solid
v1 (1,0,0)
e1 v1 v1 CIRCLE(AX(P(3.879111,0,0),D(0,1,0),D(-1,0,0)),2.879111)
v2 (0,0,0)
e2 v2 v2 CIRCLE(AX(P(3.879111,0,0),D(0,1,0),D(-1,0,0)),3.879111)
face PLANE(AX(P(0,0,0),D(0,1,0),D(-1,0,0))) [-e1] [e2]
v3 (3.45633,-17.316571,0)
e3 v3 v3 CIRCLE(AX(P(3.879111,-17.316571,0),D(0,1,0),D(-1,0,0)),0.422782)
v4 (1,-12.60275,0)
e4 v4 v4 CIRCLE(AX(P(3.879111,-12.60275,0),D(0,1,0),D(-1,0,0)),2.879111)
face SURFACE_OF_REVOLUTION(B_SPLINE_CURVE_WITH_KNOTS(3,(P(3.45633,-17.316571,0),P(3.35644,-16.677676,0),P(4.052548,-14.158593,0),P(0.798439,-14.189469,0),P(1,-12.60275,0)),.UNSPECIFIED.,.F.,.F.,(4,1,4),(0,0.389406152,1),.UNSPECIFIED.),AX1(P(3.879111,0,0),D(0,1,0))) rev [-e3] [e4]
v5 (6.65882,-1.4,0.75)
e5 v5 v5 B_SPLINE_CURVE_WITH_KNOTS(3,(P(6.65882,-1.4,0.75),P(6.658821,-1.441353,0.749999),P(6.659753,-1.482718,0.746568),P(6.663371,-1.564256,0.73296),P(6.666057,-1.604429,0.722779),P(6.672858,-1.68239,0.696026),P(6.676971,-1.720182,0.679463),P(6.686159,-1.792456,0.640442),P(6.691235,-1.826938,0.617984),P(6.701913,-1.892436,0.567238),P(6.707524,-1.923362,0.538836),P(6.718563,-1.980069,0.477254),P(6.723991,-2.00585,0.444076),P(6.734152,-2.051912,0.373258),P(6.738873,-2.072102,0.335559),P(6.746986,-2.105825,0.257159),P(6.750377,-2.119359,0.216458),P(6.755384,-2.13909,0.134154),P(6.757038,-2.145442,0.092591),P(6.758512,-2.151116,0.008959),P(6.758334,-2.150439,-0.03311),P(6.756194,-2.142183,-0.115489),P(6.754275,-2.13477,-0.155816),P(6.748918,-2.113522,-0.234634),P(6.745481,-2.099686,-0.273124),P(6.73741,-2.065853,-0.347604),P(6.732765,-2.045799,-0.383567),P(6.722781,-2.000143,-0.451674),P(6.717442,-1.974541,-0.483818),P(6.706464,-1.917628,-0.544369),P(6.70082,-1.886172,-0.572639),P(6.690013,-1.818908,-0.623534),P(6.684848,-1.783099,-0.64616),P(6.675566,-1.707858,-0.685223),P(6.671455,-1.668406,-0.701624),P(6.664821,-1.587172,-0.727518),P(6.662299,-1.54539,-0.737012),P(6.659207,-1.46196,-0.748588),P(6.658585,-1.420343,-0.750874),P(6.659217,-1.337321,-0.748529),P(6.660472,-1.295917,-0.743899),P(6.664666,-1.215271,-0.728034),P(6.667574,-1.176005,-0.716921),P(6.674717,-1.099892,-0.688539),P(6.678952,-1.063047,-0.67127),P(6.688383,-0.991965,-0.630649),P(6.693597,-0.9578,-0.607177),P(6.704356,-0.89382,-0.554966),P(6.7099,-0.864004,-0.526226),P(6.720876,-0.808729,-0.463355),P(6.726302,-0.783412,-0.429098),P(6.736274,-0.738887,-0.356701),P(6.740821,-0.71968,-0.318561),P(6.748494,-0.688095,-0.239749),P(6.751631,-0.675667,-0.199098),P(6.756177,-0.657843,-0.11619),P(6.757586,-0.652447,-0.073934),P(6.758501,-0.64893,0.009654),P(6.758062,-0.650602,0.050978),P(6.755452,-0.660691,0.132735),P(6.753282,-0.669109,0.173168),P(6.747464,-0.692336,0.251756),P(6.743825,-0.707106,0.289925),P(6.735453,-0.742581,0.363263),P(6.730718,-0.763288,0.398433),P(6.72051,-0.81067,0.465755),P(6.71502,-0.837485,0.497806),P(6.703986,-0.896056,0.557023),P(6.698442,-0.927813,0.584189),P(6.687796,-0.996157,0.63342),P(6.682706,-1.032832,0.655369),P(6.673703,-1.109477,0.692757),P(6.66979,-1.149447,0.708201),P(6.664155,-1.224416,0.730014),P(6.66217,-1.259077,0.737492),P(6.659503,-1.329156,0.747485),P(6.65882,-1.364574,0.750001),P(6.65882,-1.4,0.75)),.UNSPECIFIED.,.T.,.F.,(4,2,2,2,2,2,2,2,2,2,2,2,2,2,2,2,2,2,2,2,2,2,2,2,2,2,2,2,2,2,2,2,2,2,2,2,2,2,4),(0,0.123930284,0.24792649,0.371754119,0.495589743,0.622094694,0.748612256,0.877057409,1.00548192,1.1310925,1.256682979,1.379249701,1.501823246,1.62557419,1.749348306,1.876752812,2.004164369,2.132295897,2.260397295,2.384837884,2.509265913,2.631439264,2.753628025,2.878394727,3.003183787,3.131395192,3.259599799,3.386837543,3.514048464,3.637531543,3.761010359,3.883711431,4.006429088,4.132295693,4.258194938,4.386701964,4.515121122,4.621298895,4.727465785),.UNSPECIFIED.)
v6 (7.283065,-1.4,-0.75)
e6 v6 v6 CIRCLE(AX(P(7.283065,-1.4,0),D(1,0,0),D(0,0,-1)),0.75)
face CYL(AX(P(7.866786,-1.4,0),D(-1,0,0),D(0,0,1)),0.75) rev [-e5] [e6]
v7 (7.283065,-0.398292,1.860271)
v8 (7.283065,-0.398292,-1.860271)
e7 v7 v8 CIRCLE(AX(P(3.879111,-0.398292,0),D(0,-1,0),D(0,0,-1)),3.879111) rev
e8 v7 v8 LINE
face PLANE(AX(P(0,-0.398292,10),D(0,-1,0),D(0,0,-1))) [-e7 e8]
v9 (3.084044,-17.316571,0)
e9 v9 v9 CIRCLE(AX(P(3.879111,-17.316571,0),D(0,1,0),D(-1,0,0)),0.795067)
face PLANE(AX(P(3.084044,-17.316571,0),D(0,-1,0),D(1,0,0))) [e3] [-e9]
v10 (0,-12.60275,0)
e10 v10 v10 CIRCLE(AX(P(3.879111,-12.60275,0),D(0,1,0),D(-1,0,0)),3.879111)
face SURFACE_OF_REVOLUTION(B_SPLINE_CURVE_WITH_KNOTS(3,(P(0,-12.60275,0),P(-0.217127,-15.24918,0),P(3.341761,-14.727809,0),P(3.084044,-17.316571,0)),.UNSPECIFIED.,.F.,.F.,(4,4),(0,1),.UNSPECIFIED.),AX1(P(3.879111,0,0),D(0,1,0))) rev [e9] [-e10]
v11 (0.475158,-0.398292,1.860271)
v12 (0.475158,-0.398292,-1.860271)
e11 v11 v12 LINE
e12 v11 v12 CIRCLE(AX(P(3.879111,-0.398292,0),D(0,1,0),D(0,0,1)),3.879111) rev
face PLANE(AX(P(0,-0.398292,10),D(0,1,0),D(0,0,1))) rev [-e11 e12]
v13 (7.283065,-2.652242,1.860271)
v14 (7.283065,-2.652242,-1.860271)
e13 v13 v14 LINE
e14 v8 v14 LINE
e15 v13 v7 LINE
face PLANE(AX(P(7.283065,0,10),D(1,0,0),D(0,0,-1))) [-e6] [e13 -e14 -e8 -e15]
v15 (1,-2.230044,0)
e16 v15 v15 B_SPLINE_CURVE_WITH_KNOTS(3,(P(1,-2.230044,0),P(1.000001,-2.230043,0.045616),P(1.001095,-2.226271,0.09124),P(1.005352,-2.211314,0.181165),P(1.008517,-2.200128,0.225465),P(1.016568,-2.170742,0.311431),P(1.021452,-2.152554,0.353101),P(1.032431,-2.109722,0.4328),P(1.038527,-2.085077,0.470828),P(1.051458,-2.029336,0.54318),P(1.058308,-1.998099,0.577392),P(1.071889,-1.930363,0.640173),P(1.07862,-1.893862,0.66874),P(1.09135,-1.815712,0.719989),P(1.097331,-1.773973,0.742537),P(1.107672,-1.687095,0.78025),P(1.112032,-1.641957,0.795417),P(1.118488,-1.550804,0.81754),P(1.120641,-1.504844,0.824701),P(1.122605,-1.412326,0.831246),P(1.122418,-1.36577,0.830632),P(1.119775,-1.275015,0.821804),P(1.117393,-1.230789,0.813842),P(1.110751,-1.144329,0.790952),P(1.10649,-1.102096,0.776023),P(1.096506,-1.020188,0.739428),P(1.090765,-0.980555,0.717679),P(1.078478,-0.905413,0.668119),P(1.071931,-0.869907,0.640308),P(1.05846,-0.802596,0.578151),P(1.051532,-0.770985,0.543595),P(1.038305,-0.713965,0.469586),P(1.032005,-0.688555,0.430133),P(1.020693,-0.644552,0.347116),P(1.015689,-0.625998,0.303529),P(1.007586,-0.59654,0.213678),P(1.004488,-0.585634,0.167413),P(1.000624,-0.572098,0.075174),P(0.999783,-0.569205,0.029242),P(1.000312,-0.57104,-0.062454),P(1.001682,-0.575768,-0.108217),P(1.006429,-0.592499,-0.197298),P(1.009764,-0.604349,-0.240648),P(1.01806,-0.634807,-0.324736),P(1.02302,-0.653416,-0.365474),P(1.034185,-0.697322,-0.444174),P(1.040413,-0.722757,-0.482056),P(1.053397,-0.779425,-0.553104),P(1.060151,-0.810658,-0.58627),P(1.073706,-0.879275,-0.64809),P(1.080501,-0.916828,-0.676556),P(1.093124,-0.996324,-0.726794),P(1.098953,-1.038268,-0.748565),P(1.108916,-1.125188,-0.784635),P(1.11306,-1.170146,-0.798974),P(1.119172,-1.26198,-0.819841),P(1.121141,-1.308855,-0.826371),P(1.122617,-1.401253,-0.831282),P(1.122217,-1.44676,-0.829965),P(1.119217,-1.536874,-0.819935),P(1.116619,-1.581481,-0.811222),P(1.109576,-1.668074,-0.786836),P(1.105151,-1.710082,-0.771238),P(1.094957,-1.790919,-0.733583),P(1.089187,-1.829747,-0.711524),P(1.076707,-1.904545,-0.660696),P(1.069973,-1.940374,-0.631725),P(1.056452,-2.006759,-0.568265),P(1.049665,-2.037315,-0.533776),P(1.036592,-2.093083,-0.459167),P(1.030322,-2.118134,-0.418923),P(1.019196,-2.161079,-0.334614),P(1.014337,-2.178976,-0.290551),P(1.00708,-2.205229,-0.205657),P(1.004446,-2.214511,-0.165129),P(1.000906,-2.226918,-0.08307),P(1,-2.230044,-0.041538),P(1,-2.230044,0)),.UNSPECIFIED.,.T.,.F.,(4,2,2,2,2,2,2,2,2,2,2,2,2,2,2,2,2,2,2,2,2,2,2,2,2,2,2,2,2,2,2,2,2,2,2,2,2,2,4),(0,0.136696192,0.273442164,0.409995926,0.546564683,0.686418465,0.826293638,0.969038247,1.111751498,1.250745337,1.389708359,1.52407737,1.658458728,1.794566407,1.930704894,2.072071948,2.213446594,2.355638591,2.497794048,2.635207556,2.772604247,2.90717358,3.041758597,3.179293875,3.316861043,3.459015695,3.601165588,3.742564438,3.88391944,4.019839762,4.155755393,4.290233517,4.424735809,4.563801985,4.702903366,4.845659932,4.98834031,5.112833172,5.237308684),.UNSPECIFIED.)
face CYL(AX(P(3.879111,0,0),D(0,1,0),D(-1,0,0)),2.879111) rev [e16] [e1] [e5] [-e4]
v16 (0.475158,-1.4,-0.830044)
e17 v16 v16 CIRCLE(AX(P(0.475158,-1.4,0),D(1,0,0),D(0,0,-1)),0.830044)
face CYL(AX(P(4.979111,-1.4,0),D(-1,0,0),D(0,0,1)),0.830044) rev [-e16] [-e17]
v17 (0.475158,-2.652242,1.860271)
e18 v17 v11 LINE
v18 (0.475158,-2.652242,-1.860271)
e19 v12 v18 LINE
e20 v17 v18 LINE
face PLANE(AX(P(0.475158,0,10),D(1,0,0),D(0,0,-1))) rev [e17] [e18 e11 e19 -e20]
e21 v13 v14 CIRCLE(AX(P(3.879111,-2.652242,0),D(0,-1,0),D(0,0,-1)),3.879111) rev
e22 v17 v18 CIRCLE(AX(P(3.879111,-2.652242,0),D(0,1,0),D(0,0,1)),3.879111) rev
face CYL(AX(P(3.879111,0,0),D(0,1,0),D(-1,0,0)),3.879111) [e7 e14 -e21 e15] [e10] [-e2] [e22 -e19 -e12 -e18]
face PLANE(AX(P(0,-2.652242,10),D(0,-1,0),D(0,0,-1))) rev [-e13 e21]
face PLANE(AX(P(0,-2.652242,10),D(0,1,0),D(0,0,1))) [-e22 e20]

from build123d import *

# Parameters (mm, degrees)
CUT_EXTRUDE1_DEPTH      = 20.373272444
CUT_EXTRUDE1_DEPTH_BACK = 5
SKETCH3_R               = 0.75
SKETCH5_R               = 0.830043706
CUT_EXTRUDE3_DEPTH      = 5
CUT_EXTRUDE4_DEPTH      = 10
CUT_EXTRUDE4_DEPTH_BACK = 10
SKETCH6_W               = 0.475158235
SKETCH6_H               = 2.253950387
SKETCH6_W_2             = 0.475158234


with BuildPart() as part:
    # Sketch1 → Revolve1 (revolve)
    with BuildSketch(Plane.XY):
        with BuildLine():
            Line((0, 0), (1, 0))
            Line((1, 0), (1, -12))
            Line((1, -12), (1, -12.602750297))
            add(Edge.make_bspline(
                [(1, -12.602750297), (0.79843866, -14.189468734), (4.052548494, -14.158592974), (3.356440043, -16.677675858), (3.45632985, -17.31657115)],
                knots=[0, 0, 0, 0, 0.610593848, 1, 1, 1, 1], degree=3))
            Line((3.45632985, -17.31657115), (3.084044258, -17.31657115))
            add(Edge.make_bspline(
                [(0, -12.602750297), (-0.217127131, -15.249179965), (3.341761348, -14.727809166), (3.084044258, -17.31657115)],
                knots=[0, 0, 0, 0, 1, 1, 1, 1], degree=3))
            Line((0, -12.602750297), (0, -12))
            Line((0, -12), (0, 0))
        make_face()
    revolve(axis=Axis((3.879111396, 0, 0), (0, -1, 0)))

    # Sketch3 → Cut-Extrude1 (cut, two sides: drawn at the far end of the back side and taken through both)
    with BuildSketch(Plane(origin=(7.7582228, 0, 0), x_dir=(0, 0, -1), z_dir=(1, 0, 0)).offset(-CUT_EXTRUDE1_DEPTH_BACK)):
        with Locations((0, -1.4)):
            Circle(SKETCH3_R)
    extrude(amount=CUT_EXTRUDE1_DEPTH + CUT_EXTRUDE1_DEPTH_BACK, mode=Mode.SUBTRACT)

    # Sketch5 → Cut-Extrude3 (cut)
    with BuildSketch(Plane(origin=(-0.0208886, 0, 0), x_dir=(0, 0, -1), z_dir=(1, 0, 0))):
        with Locations((0, -1.4)):
            Circle(SKETCH5_R)
    extrude(amount=CUT_EXTRUDE3_DEPTH, mode=Mode.SUBTRACT)

    # Sketch6 → Cut-Extrude4 (cut, two sides: drawn at the far end of the back side and taken through both)
    with BuildSketch(Plane.XY.offset(-CUT_EXTRUDE4_DEPTH_BACK)):
        with Locations((0.237579118, -1.525266711)):
            Rectangle(SKETCH6_W, SKETCH6_H)
        with Locations((7.520643674, -1.525266711)):
            Rectangle(SKETCH6_W_2, SKETCH6_H)
    extrude(amount=CUT_EXTRUDE4_DEPTH + CUT_EXTRUDE4_DEPTH_BACK, mode=Mode.SUBTRACT)


solid = part.part
